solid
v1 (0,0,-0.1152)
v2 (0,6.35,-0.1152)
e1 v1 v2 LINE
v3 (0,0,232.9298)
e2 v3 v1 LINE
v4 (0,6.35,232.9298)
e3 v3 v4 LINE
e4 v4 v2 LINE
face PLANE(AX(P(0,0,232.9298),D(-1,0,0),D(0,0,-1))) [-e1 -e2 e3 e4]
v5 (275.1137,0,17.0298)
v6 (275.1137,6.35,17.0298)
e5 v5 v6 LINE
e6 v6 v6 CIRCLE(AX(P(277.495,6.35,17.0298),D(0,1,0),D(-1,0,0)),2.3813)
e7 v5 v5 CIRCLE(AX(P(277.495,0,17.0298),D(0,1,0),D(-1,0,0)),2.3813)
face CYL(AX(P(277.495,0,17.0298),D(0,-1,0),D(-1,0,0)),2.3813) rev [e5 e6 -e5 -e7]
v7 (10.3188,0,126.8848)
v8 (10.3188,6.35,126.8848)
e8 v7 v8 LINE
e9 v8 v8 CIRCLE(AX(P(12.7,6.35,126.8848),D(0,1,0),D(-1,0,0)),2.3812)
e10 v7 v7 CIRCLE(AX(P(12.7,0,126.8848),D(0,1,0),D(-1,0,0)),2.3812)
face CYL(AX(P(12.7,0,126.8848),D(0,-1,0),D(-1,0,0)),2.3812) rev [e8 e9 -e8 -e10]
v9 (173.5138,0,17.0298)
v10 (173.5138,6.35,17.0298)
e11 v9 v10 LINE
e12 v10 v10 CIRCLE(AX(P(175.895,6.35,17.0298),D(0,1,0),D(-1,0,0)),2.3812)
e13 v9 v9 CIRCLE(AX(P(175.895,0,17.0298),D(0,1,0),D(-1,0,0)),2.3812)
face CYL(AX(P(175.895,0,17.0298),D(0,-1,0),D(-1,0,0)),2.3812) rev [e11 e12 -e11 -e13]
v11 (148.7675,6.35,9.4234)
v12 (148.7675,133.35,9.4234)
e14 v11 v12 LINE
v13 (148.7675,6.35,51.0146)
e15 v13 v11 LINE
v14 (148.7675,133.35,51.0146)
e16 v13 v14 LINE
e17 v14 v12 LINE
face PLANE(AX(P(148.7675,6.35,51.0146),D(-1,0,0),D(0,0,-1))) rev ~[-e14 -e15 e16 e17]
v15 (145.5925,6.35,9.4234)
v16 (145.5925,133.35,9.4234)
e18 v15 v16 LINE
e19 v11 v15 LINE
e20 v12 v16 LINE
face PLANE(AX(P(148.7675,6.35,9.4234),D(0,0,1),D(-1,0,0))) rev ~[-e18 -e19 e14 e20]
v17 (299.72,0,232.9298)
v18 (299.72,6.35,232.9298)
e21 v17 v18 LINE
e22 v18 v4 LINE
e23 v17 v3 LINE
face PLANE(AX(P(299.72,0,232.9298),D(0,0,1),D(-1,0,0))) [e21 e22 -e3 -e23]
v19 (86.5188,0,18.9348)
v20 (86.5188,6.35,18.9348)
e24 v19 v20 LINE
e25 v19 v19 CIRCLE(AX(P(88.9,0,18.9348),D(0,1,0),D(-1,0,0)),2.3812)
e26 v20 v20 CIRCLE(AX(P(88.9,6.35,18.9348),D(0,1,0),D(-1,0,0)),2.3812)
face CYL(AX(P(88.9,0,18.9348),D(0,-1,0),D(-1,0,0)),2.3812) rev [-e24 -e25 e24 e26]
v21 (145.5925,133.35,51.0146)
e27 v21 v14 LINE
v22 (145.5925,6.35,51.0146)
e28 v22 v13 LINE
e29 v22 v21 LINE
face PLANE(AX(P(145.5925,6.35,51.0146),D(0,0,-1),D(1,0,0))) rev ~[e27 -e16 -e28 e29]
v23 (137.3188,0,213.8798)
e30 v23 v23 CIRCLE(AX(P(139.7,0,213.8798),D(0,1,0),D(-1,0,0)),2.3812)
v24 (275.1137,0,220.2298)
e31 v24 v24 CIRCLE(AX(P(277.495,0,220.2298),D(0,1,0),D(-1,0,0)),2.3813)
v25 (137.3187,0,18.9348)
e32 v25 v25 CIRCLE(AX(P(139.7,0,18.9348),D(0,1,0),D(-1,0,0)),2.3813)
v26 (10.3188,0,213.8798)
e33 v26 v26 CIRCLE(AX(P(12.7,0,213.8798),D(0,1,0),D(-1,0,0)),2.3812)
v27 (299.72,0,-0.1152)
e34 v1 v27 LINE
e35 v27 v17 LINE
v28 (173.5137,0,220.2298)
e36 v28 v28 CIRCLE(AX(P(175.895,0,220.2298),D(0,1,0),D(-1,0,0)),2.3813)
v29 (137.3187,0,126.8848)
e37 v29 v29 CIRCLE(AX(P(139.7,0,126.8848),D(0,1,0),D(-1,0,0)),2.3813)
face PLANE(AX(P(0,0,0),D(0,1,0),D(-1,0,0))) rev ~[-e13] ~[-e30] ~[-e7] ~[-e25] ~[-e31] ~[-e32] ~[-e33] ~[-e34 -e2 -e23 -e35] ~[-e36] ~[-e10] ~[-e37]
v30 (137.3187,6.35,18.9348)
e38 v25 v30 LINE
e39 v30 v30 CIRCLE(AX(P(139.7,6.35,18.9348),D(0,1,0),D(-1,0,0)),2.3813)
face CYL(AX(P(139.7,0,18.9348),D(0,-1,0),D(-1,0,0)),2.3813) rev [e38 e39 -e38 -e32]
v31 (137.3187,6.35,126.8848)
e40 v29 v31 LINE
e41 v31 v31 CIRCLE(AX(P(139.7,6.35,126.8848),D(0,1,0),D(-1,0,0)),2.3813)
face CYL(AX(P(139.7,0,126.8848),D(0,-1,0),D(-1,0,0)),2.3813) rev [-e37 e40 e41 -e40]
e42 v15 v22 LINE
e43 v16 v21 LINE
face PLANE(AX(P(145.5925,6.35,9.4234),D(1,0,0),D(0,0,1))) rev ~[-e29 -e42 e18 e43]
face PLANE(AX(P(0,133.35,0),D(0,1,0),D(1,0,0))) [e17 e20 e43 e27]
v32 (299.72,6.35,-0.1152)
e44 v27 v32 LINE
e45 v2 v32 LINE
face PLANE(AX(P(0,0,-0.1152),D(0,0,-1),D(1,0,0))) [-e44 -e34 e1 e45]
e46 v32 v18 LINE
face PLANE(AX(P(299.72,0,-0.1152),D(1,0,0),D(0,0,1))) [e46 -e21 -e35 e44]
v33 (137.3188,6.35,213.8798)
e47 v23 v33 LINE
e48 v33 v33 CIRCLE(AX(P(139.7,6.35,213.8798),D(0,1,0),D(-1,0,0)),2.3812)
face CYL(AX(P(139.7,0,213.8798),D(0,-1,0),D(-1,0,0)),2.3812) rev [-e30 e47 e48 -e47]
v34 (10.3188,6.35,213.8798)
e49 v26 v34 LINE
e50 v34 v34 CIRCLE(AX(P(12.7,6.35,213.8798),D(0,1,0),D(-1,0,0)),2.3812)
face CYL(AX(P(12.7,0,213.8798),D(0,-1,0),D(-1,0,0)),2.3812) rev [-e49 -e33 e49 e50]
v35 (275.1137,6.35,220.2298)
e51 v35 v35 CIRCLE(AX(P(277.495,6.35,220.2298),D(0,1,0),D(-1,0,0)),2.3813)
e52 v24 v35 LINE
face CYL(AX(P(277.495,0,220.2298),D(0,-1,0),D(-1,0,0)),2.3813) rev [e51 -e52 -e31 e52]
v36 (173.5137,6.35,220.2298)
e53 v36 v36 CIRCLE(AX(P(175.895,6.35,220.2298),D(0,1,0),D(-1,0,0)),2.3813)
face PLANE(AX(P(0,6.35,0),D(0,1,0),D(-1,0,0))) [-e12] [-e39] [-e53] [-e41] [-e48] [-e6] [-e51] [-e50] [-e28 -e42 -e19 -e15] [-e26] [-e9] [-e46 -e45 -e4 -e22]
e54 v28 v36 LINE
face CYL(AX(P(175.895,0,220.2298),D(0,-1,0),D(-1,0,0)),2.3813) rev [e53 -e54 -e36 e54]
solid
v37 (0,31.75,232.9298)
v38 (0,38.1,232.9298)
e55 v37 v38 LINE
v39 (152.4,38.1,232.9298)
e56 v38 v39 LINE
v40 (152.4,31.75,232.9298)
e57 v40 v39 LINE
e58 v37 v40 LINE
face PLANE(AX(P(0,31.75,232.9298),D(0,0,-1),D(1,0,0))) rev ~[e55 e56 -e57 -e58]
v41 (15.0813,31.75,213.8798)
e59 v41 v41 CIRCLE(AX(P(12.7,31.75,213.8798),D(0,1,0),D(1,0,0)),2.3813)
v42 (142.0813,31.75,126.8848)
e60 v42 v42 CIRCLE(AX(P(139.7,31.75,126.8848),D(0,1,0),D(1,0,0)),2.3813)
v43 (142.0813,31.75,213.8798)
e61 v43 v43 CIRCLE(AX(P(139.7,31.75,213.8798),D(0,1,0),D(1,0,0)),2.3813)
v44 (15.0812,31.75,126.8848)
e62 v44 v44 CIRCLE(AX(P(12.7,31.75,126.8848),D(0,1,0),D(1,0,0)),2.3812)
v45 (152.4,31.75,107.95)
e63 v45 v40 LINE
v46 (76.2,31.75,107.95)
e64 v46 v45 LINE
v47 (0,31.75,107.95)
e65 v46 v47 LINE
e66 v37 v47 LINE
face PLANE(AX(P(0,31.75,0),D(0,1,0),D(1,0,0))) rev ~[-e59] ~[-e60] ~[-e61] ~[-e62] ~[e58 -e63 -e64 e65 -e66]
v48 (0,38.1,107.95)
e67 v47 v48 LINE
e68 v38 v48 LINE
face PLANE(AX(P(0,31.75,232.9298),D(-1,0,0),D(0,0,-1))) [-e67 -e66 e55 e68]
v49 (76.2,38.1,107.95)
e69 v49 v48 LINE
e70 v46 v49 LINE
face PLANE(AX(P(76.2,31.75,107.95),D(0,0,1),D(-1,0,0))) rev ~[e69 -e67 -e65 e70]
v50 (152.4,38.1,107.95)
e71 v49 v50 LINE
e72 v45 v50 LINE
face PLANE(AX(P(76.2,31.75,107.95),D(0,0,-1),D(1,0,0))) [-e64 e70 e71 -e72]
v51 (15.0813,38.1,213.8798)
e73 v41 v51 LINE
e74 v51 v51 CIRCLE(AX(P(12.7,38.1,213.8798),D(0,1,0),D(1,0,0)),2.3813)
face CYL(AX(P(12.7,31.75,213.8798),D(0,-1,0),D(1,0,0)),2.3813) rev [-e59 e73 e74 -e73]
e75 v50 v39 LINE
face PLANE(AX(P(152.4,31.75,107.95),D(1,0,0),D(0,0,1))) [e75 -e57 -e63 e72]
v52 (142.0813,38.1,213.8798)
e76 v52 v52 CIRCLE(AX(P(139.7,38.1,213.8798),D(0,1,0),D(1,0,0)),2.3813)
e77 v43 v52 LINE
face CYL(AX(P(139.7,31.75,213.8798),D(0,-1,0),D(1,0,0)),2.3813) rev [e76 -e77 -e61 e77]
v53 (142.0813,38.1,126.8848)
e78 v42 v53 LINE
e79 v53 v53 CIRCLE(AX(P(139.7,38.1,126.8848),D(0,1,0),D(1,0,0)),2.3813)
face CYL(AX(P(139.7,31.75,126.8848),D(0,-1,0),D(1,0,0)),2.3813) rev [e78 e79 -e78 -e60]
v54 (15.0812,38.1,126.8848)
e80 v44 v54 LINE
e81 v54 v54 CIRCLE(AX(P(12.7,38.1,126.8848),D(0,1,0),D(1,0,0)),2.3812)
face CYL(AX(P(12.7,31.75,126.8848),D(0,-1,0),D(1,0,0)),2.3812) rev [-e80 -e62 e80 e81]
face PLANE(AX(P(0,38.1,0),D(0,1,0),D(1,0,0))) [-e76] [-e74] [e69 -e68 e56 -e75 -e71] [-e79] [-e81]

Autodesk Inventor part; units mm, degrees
ref_plane "YZ Plane" through (0, 0, 0) normal (1, 0, 0) x (0, 1, 0)
sketch "Sketch1" plane through (0, 0, 0) normal (0, 1, 0) x (-1, 0, 0)
  line L0 (0, -0.1152) -> (-299.72, -0.1152)
  line L1 (-299.72, -0.1152) -> (-299.72, 232.9298)
  line L2 (-299.72, 232.9298) -> (0, 232.9298)
  line L3 (0, 232.9298) -> (0, -0.1152)
  line L4 (-299.72, 232.9298) -> (-293.37, 232.9298) construction
  line L5 (-293.37, 232.9298) -> (-293.37, -0.1152) construction
  line L6 (-293.37, -0.1152) -> (-299.72, -0.1152) construction
  line L7 (-299.72, -0.1152) -> (-299.72, 232.9298) construction
  line L8 (-293.37, 232.9298) -> (-290.195, 232.9298) construction
  line L9 (-290.195, 232.9298) -> (-290.195, -0.1152) construction
  line L10 (-293.37, -0.1152) -> (-293.37, 232.9298) construction
  line L11 (-290.195, 232.9298) -> (-264.795, 232.9298) construction
  line L12 (-264.795, 232.9298) -> (-264.795, 207.5298) construction
  line L13 (-264.795, 207.5298) -> (-290.195, 207.5298) construction
  line L14 (-290.195, 207.5298) -> (-290.195, 232.9298) construction
  line L15 (-264.795, 232.9298) -> (-290.195, 207.5298) construction
  line L16 (-264.795, 207.5298) -> (-290.195, 232.9298) construction
  circle A0 centre (-277.495, 220.2298) radius 2.3813
  line L17 (-264.795, 207.5298) -> (-188.595, 207.5298) construction
  line L18 (-264.795, 207.5298) -> (-188.595, 207.5298) construction
  line L19 (-188.595, 207.5298) -> (-163.195, 207.5298) construction
  line L20 (-163.195, 207.5298) -> (-163.195, 232.9298) construction
  line L21 (-163.195, 232.9298) -> (-188.595, 232.9298) construction
  line L22 (-188.595, 232.9298) -> (-188.595, 207.5298) construction
  line L23 (-163.195, 232.9298) -> (-188.595, 207.5298) construction
  line L24 (-188.595, 232.9298) -> (-163.195, 207.5298) construction
  line L25 (-290.195, -0.1152) -> (9.525, -0.1152) construction
  line L26 (9.525, -0.1152) -> (9.525, 3.1868) construction
  circle A1 centre (-175.895, 220.2298) radius 2.3813
  line L27 (-299.72, -0.1152) -> (0, -0.1152) construction
  line L28 (0, -0.1152) -> (0, 4.3298) construction
  line L29 (-299.72, 4.3298) -> (-299.72, -0.1152) construction
  line L30 (-290.195, 4.3298) -> (-264.795, 4.3298) construction
  line L31 (-264.795, 4.3298) -> (-264.795, 29.7298) construction
  line L32 (-264.795, 29.7298) -> (-290.195, 29.7298) construction
  line L33 (-290.195, 29.7298) -> (-290.195, 4.3298) construction
  line L34 (-264.795, 29.7298) -> (-188.595, 29.7298) construction
  line L35 (-188.595, 29.7298) -> (-163.195, 29.7298) construction
  line L36 (-163.195, 29.7298) -> (-163.195, 4.3298) construction
  line L37 (-163.195, 4.3298) -> (-188.595, 4.3298) construction
  line L38 (-188.595, 4.3298) -> (-188.595, 29.7298) construction
  line L39 (-163.195, 4.3298) -> (-188.595, 29.7298) construction
  line L40 (-188.595, 4.3298) -> (-163.195, 29.7298) construction
  line L41 (-264.795, 4.3298) -> (-290.195, 29.7298) construction
  line L42 (-290.195, 4.3298) -> (-264.795, 29.7298) construction
  circle A2 centre (-175.895, 17.0298) radius 2.3812
  circle A3 centre (-277.495, 17.0298) radius 2.3813
  line L43 (0, 232.9298) -> (-152.4, 232.9298) construction
  line L44 (-152.4, 232.9298) -> (-152.4, 226.5798) construction
  line L45 (-152.4, 226.5798) -> (0, 226.5798) construction
  line L46 (0, 226.5798) -> (0, 232.9298) construction
  line L47 (0, 226.5798) -> (-25.4, 226.5798) construction
  line L48 (-25.4, 226.5798) -> (-25.4, 201.1798) construction
  line L49 (-25.4, 201.1798) -> (0, 201.1798) construction
  line L50 (0, 201.1798) -> (0, 226.5798) construction
  line L51 (-152.4, 226.5798) -> (-127, 226.5798) construction
  line L52 (-127, 226.5798) -> (-127, 201.1798) construction
  line L53 (-127, 201.1798) -> (-152.4, 201.1798) construction
  line L54 (-152.4, 201.1798) -> (-152.4, 226.5798) construction
  line L55 (0, 201.1798) -> (-25.4, 226.5798) construction
  line L56 (-25.4, 201.1798) -> (0, 226.5798) construction
  line L57 (-127, 201.1798) -> (-152.4, 226.5798) construction
  line L58 (-152.4, 201.1798) -> (-127, 226.5798) construction
  circle A4 centre (-12.7, 213.8798) radius 2.3812
  circle A5 centre (-139.7, 213.8798) radius 2.3812
  line L59 (0, 226.5798) -> (-6.35, 226.5798) construction
  line L60 (-6.35, 226.5798) -> (-6.35, 114.1848) construction
  line L61 (-6.35, 114.1848) -> (0, 114.1848) construction
  line L62 (0, 114.1848) -> (0, 226.5798) construction
  line L63 (0, 114.1848) -> (-25.4, 114.1848) construction
  line L64 (-25.4, 114.1848) -> (-25.4, 139.5848) construction
  line L65 (-25.4, 139.5848) -> (0, 139.5848) construction
  line L66 (0, 139.5848) -> (0, 114.1848) construction
  line L67 (-152.4, 226.5798) -> (-146.05, 226.5798) construction
  line L68 (-146.05, 226.5798) -> (-146.05, 114.1848) construction
  line L69 (-146.05, 114.1848) -> (-152.4, 114.1848) construction
  line L70 (-152.4, 114.1848) -> (-152.4, 226.5798) construction
  line L71 (-152.4, 114.1848) -> (-127, 114.1848) construction
  line L72 (-127, 114.1848) -> (-127, 139.5848) construction
  line L73 (-127, 139.5848) -> (-152.4, 139.5848) construction
  line L74 (-152.4, 139.5848) -> (-152.4, 114.1848) construction
  line L75 (0, -0.1152) -> (-152.4, -0.1152) construction
  line L76 (-152.4, -0.1152) -> (-152.4, 6.2348) construction
  line L77 (-152.4, 6.2348) -> (0, 6.2348) construction
  line L78 (0, 6.2348) -> (0, -0.1152) construction
  line L79 (-152.4, 6.2348) -> (-127, 6.2348) construction
  line L80 (-127, 6.2348) -> (-127, 31.6348) construction
  line L81 (-127, 31.6348) -> (-152.4, 31.6348) construction
  line L82 (-152.4, 31.6348) -> (-152.4, 6.2348) construction
  line L83 (0, 114.1848) -> (-25.4, 139.5848) construction
  line L84 (-25.4, 114.1848) -> (0, 139.5848) construction
  line L85 (-127, 114.1848) -> (-152.4, 139.5848) construction
  line L86 (-152.4, 114.1848) -> (-127, 139.5848) construction
  line L87 (-127, 6.2348) -> (-152.4, 31.6348) construction
  line L88 (-152.4, 6.2348) -> (-127, 31.6348) construction
  circle A6 centre (-139.7, 18.9348) radius 2.3813
  circle A7 centre (-139.7, 126.8848) radius 2.3813
  circle A8 centre (-12.7, 126.8848) radius 2.3812
  line L89 (-152.4, -0.1152) -> (-76.2, -0.1152) construction
  line L90 (-76.2, -0.1152) -> (-76.2, 6.2348) construction
  line L91 (-76.2, 6.2348) -> (-152.4, 6.2348) construction
  line L92 (-152.4, 6.2348) -> (-152.4, -0.1152) construction
  line L93 (-76.2, 6.2348) -> (-101.6, 6.2348) construction
  line L94 (-101.6, 6.2348) -> (-101.6, 31.6348) construction
  line L95 (-101.6, 31.6348) -> (-76.2, 31.6348) construction
  line L96 (-76.2, 31.6348) -> (-76.2, 6.2348) construction
  line L97 (-76.2, 31.6348) -> (-101.6, 6.2348) construction
  line L98 (-76.2, 6.2348) -> (-101.6, 31.6348) construction
  circle A9 centre (-88.9, 18.9348) radius 2.3812
  point P0 (0, 0)
  dimension "d0" = 299.72
  dimension "d1" = 233.045
  dimension "d26" = 6.35
  dimension "d27" = 233.045
  dimension "d28" = 3.175
  dimension "d29" = 233.045
  dimension "d30" = 25.4
  dimension "d31" = 25.4
  dimension "d34" = 4.7625
  dimension "d36" = 76.2
  dimension "d38" = 25.4
  dimension "d39" = 25.4
  dimension "d44" = 3.302
  dimension "d50" = 4.7625
  dimension "d54" = 4.445
  dimension "d55" = 25.4
  dimension "d56" = 25.4
  dimension "d57" = 76.2
  dimension "d58" = 25.4
  dimension "d59" = 25.4
  dimension "d60" = 4.7625
  dimension "d61" = 4.7625
  dimension "d80" = 152.4
  dimension "d81" = 6.35
  dimension "d82" = 25.4
  dimension "d83" = 25.4
  dimension "d84" = 25.4
  dimension "d85" = 25.4
  dimension "d86" = 4.7625
  dimension "d87" = 4.7625
  dimension "d88" = 6.35
  dimension "d89" = 112.395
  dimension "d90" = 25.4
  dimension "d91" = 25.4
  dimension "d92" = 6.35
  dimension "d93" = 112.395
  dimension "d94" = 25.4
  dimension "d95" = 25.4
  dimension "d96" = 152.4
  dimension "d97" = 6.35
  dimension "d98" = 25.4
  dimension "d99" = 25.4
  dimension "d100" = 4.7625
  dimension "d101" = 4.7625
  dimension "d102" = 4.7625
  dimension "d103" = 76.2
  dimension "d104" = 6.35
  dimension "d105" = 25.4
  dimension "d106" = 25.4
  dimension "d107" = 4.7625
extrude "Extrusion1" add sketch "Sketch1" along normal blind 6.35
ref_plane "Work Plane8" through (0, 31.75, 0) normal (0, 1, 0) x (1, 0, 0)
sketch "Sketch4" plane through (0, 31.75, 0) normal (0, 1, 0) x (1, 0, 0)
  line L0 (0, -232.9298) -> (299.72, -232.9298) projected
  line L1 (0, -232.9298) -> (0, 0)
  line L2 (152.4, -232.9298) -> (0, -232.9298)
  line L3 (0, 0) -> (0, -232.9298) projected
  line L4 (76.2, -107.95) -> (0, -107.95)
  line L5 (0, -107.95) -> (0, -6.35)
  line L6 (152.4, -114.1848) -> (0, -114.1848) construction
  line L7 (152.4, -114.1848) -> (127, -114.1848) construction
  line L8 (127, -114.1848) -> (127, -139.5848) construction
  line L9 (127, -139.5848) -> (152.4, -139.5848) construction
  line L10 (152.4, -139.5848) -> (152.4, -114.1848) construction
  line L11 (0, -114.1848) -> (25.4, -114.1848) construction
  line L12 (25.4, -114.1848) -> (25.4, -139.5848) construction
  line L13 (25.4, -139.5848) -> (0, -139.5848) construction
  line L14 (0, -139.5848) -> (0, -114.1848) construction
  line L15 (0, -114.1848) -> (0, -226.5798) construction
  line L16 (0, -226.5798) -> (25.4, -226.5798) construction
  line L17 (25.4, -226.5798) -> (25.4, -201.1798) construction
  line L18 (25.4, -201.1798) -> (0, -201.1798) construction
  line L19 (0, -201.1798) -> (0, -226.5798) construction
  line L20 (152.4, -226.5798) -> (0, -226.5798) construction
  line L21 (152.4, -226.5798) -> (127, -226.5798) construction
  line L22 (127, -226.5798) -> (127, -201.1798) construction
  line L23 (127, -201.1798) -> (152.4, -201.1798) construction
  line L24 (152.4, -201.1798) -> (152.4, -226.5798) construction
  line L25 (127, -114.1848) -> (152.4, -139.5848) construction
  line L26 (152.4, -114.1848) -> (127, -139.5848) construction
  line L27 (0, -114.1848) -> (25.4, -139.5848) construction
  line L28 (0, -139.5848) -> (25.4, -114.1848) construction
  line L29 (0, -201.1798) -> (25.4, -226.5798) construction
  line L30 (25.4, -201.1798) -> (0, -226.5798) construction
  line L31 (127, -201.1798) -> (152.4, -226.5798) construction
  line L32 (152.4, -201.1798) -> (127, -226.5798) construction
  circle A0 centre (12.7, -213.8798) radius 2.3813
  circle A1 centre (139.7, -213.8798) radius 2.3813
  circle A2 centre (139.7, -126.8848) radius 2.3813
  circle A3 centre (12.7, -126.8848) radius 2.3812
  line L33 (76.2, -107.95) -> (152.4, -107.95)
  line L34 (152.4, -107.95) -> (152.4, -232.9298)
  line L35 (0, -232.9298) -> (299.72, -232.9298) projected
  point P0 (76.2, -6.35)
  point P1 (152.4, -6.35)
  dimension "d18" = 101.6
  dimension "d62" = 25.4
  dimension "d63" = 25.4
  dimension "d64" = 25.4
  dimension "d65" = 25.4
  dimension "d66" = 25.4
  dimension "d67" = 25.4
  dimension "d68" = 25.4
  dimension "d69" = 25.4
  dimension "d74" = 4.7625
  dimension "d75" = 4.7625
  dimension "d76" = 4.7625
  dimension "d77" = 4.7625
extrude "Extrusion4" add sketch "Sketch4" along normal blind 6.35
ref_plane "Work Plane7" through (152.4, 6.35, 0) normal (0, 0, -1) x (-1, 0, 0)
sketch "Sketch6" plane through (152.4, 6.35, 0) normal (0, 0, -1) x (-1, 0, 0)
  line L0 (152.4, 54.61) -> (0, 54.61) construction
  line L1 (0, 48.26) -> (152.4, 48.26) construction
  line L2 (76.2, 54.61) -> (0, 54.61) construction
  line L3 (0, 54.61) -> (0, 48.26) construction
  line L4 (0, 48.26) -> (76.2, 48.26) construction
  line L5 (76.2, 48.26) -> (76.2, 54.61) construction
  line L6 (0, 48.26) -> (25.4, 48.26) construction
  line L7 (25.4, 48.26) -> (25.4, 24.13) construction
  line L8 (25.4, 24.13) -> (0, 24.13) construction
  line L9 (0, 24.13) -> (0, 48.26) construction
  line L10 (25.4, 24.13) -> (0, 48.26) construction
  line L11 (0, 24.13) -> (25.4, 48.26) construction
  line L12 (0, 0) -> (-147.32, 0) construction
  line L13 (25.4, 24.13) -> (0, 0) construction
  line L14 (0, 0) -> (25.4, 0) construction
  line L15 (0, 0) -> (25.4, 0) construction
  line L16 (25.4, 0) -> (0, 24.13) construction
  line L17 (76.2, 48.26) -> (50.8, 48.26) construction
  line L18 (50.8, 48.26) -> (50.8, 24.13) construction
  line L19 (50.8, 24.13) -> (76.2, 24.13) construction
  line L20 (76.2, 24.13) -> (76.2, 48.26) construction
  line L21 (-147.32, 0) -> (152.4, 0) construction
  line L22 (50.8, 24.13) -> (76.2, 24.13) construction
  line L23 (76.2, 24.13) -> (76.2, 0) construction
  line L24 (76.2, 0) -> (50.8, 0) construction
  line L25 (50.8, 0) -> (50.8, 24.13) construction
  line L26 (50.8, 48.26) -> (76.2, 24.13) construction
  line L27 (76.2, 0) -> (76.2, 48.26) construction
  line L28 (76.2, 48.26) -> (50.8, 24.13) construction
  line L29 (50.8, 24.13) -> (76.2, 0) construction
  line L30 (76.2, 24.13) -> (50.8, 0) construction
  circle A0 centre (12.7, 36.195) radius 2.3812
  circle A1 centre (63.5, 36.195) radius 2.3812
  circle A2 centre (63.5, 12.065) radius 2.3812
  circle A3 centre (12.7, 12.065) radius 2.3813
  point P0 (152.4, -6.35)
  dimension "d108" = 76.2
  dimension "d109" = 6.35
  dimension "d110" = 25.4
  dimension "d111" = 24.13
  dimension "d112" = 25.4
  dimension "d114" = 25.4
  dimension "d115" = 24.13
  dimension "d116" = 4.7625
  dimension "d117" = 4.7625
  dimension "d118" = 4.7625
  dimension "d119" = 4.7625
extrude "Extrusion5" cut sketch "Sketch6" against normal blind 6.35
sketch "Sketch11" plane through (0, 6.35, 0) normal (0, 1, 0) x (1, 0, 0)
  line L0 (145.5925, -51.0146) -> (148.7675, -51.0146)
  line L1 (148.7675, -51.0146) -> (148.7675, -9.4234)
  line L2 (148.7675, -9.4234) -> (145.5925, -9.4234)
  line L3 (145.5925, -9.4234) -> (145.5925, -51.0146)
  point P0 (0, 0)
  dimension "d169" = 3.175
extrude "Extrusion8" add sketch "Sketch11" along normal blind 127
properties part number "UpperChassis_Base_2"
